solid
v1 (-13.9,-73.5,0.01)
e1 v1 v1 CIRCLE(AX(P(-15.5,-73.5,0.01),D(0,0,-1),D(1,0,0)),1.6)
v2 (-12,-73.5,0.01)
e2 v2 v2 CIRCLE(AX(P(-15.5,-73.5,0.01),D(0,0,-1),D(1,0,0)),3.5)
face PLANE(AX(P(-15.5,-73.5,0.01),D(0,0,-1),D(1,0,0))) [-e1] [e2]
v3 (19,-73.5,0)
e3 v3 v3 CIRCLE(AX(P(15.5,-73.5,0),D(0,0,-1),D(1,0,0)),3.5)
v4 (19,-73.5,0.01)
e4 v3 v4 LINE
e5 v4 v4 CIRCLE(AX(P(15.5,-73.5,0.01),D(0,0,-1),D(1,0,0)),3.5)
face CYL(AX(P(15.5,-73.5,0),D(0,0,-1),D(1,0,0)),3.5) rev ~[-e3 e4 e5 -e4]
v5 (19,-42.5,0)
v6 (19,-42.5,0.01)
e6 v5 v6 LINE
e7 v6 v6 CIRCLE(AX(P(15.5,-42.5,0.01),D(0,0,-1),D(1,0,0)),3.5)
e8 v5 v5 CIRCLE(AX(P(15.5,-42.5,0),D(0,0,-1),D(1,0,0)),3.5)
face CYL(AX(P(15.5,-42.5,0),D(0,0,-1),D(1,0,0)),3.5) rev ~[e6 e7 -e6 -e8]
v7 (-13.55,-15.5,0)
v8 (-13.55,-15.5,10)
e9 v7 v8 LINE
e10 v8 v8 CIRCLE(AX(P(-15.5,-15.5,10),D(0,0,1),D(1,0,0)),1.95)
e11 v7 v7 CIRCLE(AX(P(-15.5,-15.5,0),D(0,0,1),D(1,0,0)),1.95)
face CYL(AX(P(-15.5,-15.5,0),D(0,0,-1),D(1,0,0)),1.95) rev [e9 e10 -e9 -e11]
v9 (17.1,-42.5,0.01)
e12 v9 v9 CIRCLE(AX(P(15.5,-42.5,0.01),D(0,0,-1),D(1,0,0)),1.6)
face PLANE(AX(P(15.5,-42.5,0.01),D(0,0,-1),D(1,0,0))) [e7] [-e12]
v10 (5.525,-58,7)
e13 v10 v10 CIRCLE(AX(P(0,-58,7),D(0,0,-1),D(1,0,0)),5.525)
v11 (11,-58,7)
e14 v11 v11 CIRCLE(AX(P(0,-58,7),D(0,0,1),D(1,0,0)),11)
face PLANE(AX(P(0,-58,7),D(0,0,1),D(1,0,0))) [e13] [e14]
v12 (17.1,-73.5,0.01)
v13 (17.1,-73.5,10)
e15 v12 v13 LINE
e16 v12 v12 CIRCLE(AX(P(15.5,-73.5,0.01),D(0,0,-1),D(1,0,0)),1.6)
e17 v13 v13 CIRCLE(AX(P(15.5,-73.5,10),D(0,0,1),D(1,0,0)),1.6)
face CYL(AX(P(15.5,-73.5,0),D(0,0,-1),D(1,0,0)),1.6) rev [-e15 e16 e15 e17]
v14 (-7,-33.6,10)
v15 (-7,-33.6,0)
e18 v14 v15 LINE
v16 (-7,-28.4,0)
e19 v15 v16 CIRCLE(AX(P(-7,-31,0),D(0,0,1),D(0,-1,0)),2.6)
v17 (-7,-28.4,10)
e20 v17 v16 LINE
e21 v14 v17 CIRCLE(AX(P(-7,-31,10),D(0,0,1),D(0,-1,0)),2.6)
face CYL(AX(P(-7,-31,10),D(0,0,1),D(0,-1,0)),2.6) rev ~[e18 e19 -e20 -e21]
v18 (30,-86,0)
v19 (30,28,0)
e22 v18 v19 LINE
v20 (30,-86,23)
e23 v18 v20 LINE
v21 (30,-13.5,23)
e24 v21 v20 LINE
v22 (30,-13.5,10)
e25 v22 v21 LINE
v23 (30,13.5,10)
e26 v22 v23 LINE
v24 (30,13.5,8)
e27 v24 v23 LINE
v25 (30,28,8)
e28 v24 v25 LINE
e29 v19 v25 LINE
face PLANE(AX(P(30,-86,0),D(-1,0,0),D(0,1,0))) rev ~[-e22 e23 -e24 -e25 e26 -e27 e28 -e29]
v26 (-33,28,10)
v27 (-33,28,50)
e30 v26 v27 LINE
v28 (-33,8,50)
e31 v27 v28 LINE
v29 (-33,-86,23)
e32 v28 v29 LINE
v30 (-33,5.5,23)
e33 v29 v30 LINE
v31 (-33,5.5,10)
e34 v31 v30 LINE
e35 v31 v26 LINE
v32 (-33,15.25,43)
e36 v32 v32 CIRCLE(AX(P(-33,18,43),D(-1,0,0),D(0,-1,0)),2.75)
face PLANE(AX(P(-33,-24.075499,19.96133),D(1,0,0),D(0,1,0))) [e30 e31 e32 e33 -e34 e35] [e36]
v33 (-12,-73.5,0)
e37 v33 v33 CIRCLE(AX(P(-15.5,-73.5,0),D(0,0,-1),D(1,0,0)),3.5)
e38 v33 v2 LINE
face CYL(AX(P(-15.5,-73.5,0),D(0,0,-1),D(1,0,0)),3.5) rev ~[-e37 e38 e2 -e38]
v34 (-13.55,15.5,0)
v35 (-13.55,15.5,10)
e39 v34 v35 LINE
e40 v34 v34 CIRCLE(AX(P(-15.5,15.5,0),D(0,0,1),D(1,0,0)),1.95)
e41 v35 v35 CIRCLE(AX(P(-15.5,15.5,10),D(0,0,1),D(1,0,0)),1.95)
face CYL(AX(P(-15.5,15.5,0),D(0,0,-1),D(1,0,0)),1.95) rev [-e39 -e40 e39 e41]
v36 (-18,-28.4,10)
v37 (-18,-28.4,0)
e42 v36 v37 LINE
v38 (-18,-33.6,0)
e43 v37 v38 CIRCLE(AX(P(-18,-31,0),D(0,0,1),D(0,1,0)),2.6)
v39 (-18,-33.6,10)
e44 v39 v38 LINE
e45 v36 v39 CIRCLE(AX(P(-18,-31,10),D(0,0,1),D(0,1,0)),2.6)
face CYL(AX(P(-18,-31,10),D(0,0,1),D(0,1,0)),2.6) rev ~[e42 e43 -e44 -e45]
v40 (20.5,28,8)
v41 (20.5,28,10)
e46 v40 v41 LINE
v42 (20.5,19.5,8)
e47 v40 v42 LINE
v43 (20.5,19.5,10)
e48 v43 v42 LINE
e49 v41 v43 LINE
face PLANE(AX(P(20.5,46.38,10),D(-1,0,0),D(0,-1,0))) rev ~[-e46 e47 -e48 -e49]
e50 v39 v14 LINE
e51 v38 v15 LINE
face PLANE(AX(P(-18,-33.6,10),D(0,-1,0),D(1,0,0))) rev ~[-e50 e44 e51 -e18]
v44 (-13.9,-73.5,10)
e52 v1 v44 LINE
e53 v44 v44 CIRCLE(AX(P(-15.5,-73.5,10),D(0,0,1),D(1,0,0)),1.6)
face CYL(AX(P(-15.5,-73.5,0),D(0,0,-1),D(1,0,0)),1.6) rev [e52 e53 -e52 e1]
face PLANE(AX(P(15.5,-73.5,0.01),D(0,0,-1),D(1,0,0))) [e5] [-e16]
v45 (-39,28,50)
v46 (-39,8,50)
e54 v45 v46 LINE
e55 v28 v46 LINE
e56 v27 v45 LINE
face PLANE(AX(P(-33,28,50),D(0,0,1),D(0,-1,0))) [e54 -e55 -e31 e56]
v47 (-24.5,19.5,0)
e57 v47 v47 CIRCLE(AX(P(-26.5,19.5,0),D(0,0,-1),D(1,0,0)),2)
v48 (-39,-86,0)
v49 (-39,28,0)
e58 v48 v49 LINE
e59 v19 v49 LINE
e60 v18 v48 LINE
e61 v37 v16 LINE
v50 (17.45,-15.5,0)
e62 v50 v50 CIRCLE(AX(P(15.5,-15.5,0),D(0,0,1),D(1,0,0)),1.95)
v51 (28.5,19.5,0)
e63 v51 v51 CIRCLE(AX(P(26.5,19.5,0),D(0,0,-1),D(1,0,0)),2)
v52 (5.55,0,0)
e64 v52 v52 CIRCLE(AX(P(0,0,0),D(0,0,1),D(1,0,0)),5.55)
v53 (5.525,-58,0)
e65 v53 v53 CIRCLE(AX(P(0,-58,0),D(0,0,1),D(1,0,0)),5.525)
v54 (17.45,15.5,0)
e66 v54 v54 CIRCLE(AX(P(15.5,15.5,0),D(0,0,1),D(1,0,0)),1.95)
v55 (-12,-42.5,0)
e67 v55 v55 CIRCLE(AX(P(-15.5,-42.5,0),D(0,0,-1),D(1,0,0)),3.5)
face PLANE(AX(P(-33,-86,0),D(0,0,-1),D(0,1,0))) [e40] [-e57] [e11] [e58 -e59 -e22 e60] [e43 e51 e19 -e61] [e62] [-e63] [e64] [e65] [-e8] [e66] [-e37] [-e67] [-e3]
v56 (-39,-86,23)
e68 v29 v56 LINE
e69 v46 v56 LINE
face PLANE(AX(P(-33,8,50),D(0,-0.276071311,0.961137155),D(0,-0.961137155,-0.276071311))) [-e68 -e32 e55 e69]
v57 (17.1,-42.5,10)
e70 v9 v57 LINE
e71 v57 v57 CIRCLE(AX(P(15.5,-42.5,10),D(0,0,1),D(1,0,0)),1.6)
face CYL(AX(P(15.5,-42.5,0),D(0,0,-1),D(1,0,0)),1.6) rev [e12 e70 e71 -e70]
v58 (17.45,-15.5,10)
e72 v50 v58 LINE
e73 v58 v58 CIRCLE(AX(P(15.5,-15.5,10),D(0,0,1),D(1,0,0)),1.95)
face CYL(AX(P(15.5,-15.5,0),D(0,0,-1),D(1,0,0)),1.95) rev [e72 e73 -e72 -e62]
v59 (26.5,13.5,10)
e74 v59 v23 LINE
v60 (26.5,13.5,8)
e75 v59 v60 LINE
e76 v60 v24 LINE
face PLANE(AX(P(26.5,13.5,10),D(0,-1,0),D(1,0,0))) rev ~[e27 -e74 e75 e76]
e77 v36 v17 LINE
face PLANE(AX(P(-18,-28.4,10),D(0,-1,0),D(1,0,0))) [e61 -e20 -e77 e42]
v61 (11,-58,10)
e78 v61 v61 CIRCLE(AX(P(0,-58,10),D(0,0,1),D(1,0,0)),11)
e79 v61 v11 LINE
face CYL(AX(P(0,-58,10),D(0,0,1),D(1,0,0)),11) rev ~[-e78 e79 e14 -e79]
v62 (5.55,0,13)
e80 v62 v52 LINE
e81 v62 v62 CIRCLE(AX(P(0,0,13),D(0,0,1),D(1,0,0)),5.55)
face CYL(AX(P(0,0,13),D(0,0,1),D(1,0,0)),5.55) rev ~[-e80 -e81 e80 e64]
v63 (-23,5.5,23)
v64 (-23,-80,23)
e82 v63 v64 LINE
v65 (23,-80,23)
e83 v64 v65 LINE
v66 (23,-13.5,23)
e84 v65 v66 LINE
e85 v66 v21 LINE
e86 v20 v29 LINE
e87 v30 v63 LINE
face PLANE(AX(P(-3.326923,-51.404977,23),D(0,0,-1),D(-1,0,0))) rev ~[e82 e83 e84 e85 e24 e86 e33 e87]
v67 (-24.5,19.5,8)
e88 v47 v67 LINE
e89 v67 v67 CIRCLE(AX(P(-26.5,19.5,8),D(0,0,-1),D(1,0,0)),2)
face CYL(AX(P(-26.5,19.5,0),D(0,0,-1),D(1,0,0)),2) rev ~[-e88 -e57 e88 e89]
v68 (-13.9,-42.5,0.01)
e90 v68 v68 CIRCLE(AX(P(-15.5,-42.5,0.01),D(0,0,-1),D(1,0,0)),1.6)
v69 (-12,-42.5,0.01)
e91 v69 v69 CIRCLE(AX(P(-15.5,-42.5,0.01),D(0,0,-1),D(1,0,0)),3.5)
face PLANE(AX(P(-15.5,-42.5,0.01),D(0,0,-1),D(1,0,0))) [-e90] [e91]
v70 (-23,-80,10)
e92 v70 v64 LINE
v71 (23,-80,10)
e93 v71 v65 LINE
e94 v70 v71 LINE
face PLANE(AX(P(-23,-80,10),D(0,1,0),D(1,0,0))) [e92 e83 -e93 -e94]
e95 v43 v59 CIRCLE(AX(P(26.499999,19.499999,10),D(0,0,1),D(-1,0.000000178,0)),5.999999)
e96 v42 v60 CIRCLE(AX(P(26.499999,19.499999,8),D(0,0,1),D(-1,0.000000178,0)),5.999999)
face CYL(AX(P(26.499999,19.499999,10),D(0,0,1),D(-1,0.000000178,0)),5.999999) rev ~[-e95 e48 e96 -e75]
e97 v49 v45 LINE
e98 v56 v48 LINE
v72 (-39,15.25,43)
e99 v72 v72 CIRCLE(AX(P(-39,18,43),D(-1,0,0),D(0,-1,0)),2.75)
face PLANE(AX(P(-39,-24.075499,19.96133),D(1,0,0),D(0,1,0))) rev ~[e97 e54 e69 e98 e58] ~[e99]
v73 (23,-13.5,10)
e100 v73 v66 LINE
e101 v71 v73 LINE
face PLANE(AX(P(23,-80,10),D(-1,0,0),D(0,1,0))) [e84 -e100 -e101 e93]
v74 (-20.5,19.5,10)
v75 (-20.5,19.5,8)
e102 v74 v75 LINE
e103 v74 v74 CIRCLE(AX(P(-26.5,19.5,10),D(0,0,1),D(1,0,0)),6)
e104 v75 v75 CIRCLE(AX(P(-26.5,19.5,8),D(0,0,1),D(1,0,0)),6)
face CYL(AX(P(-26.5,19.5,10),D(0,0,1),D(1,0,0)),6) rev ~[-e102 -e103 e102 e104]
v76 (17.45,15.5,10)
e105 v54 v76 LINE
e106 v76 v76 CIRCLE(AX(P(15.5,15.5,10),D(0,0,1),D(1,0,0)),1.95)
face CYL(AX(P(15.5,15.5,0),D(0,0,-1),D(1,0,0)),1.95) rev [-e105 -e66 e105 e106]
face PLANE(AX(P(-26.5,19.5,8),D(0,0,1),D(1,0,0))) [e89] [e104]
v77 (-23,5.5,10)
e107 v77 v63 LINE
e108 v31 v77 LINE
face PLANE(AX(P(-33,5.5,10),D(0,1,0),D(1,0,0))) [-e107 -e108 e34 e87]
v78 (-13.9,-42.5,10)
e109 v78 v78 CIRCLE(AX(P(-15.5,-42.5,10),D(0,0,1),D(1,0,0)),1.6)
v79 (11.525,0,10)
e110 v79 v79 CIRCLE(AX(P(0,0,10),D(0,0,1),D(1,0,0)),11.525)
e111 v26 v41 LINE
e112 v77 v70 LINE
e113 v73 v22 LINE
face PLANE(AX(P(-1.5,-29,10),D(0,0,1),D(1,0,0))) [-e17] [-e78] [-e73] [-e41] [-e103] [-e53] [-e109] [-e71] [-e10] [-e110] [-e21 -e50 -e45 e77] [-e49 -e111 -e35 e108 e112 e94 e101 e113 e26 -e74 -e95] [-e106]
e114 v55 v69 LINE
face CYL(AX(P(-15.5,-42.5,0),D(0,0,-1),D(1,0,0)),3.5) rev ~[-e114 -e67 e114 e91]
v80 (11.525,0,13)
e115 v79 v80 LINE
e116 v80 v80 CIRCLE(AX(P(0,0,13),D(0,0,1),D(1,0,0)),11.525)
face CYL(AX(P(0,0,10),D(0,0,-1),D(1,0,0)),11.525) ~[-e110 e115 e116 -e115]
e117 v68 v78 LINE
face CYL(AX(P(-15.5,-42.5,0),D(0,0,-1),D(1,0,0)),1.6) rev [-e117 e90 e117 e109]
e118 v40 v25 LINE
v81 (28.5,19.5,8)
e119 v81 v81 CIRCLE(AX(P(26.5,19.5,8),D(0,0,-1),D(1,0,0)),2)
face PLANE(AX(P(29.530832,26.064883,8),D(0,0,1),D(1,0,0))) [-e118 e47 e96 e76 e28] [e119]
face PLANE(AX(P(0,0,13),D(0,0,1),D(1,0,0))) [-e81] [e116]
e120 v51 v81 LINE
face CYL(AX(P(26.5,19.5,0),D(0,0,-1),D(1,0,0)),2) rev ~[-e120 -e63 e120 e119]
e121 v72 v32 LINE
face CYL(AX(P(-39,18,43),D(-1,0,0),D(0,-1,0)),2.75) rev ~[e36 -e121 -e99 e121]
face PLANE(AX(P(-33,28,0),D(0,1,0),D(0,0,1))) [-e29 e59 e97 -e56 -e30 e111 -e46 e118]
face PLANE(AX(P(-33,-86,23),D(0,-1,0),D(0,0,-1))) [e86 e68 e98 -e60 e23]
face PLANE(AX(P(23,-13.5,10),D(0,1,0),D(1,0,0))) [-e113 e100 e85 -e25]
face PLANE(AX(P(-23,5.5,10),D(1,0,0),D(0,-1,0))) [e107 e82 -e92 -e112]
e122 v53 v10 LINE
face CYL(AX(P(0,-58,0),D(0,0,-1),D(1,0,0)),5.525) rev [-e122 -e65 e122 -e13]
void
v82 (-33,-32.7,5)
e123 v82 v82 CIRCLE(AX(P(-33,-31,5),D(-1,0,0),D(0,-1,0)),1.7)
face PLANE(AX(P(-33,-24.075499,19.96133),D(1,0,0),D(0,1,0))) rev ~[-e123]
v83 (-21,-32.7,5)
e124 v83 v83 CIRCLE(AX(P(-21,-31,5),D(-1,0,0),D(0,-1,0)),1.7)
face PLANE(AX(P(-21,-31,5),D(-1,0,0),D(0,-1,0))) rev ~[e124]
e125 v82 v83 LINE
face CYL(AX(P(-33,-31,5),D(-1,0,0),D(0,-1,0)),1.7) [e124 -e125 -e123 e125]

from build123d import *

# Parameters (mm, degrees)
SKETCH_W        = 63
SKETCH_H        = 114
SKETCH_R        = 1.95
SKETCH_R_2      = 5.525
SKETCH_R_3      = 1.6
PAD_DEPTH       = 10
SKETCH004_R     = 11.525
PAD001_DEPTH    = 3
SKETCH003_R     = 5.55
POCKET_DEPTH    = 13.001
SKETCH006_R     = 11
POCKET001_DEPTH = 3
SKETCH007_R     = 3.5
POCKET002_DEPTH = 0.01
POCKET003_DEPTH = 10.001
SKETCH009_R     = 1.7
POCKET004_DEPTH = 12
PAD002_DEPTH    = 13
PAD003_DEPTH    = 6
SKETCH023_R     = 2.75
POCKET005_DEPTH = 9
SKETCH025_R     = 2
POCKET006_DEPTH = 16
SKETCH026_R     = 6
POCKET007_DEPTH = 2


with BuildPart() as part:
    # Sketch → Pad (new body)
    with BuildSketch(Plane.XY):
        with Locations((-1.5, -29)):
            Rectangle(SKETCH_W, SKETCH_H)
        with Locations((-15.5, 15.5)):
            Circle(SKETCH_R, mode=Mode.SUBTRACT)
        with Locations((15.5, 15.5)):
            Circle(SKETCH_R, mode=Mode.SUBTRACT)
        with Locations((-15.5, -15.5)):
            Circle(SKETCH_R, mode=Mode.SUBTRACT)
        with Locations((15.5, -15.5)):
            Circle(SKETCH_R, mode=Mode.SUBTRACT)
        with Locations((0, -58)):
            Circle(SKETCH_R_2, mode=Mode.SUBTRACT)
        with Locations((-15.5, -42.5)):
            Circle(SKETCH_R_3, mode=Mode.SUBTRACT)
        with Locations((15.5, -42.5)):
            Circle(SKETCH_R_3, mode=Mode.SUBTRACT)
        with Locations((-15.5, -73.5)):
            Circle(SKETCH_R_3, mode=Mode.SUBTRACT)
        with Locations((15.5, -73.5)):
            Circle(SKETCH_R_3, mode=Mode.SUBTRACT)
    extrude(amount=PAD_DEPTH)

    # Sketch004 (on Face15 of Pad) → Pad001 (join)
    with BuildSketch(Plane.XY.offset(10)):
        Circle(SKETCH004_R)
    extrude(amount=PAD001_DEPTH)

    # Sketch003 (on Face17 of Pad001) → Pocket (cut, through all)
    with BuildSketch(Plane.XY.offset(13)):
        Circle(SKETCH003_R)
    extrude(amount=-POCKET_DEPTH, mode=Mode.SUBTRACT)

    # Sketch006 (on Face5 of Pocket) → Pocket001 (cut)
    with BuildSketch(Plane.XY.offset(10)):
        with Locations((0, -58)):
            Circle(SKETCH006_R)
    extrude(amount=-POCKET001_DEPTH, mode=Mode.SUBTRACT)

    # Sketch007 (on Face4 of Pocket001) → Pocket002 (cut)
    with BuildSketch(Plane(origin=(0, 0, 0), x_dir=(1, 0, 0), z_dir=(0, 0, -1))):
        with Locations((-15.5, 73.5)):
            Circle(SKETCH007_R)
        with Locations((15.5, 73.5)):
            Circle(SKETCH007_R)
        with Locations((15.5, 42.5)):
            Circle(SKETCH007_R)
        with Locations((-15.5, 42.5)):
            Circle(SKETCH007_R)
    extrude(amount=-POCKET002_DEPTH, mode=Mode.SUBTRACT)

    # Sketch008 (on Face5 of Pocket002) → Pocket003 (cut, through all)
    with BuildSketch(Plane.XY.offset(10)):
        with BuildLine():
            ThreePointArc((-18, -28.4), (-20.6, -31), (-18, -33.6))
            Line((-18, -33.6), (-7, -33.6))
            ThreePointArc((-7, -33.6), (-4.4, -31), (-7, -28.4))
            Line((-18, -28.4), (-7, -28.4))
        make_face()
    extrude(amount=-POCKET003_DEPTH, mode=Mode.SUBTRACT)

    # Sketch009 (on Face2 of Pocket003) → Pocket004 (cut)
    with BuildSketch(Plane(origin=(-33, 0, 0), x_dir=(0, -1, 0), z_dir=(-1, 0, 0))):
        with Locations((31, 5)):
            Circle(SKETCH009_R)
    extrude(amount=-POCKET004_DEPTH, mode=Mode.SUBTRACT)

    # Sketch014 (on Face5 of Pocket004) → Pad002 (join)
    with BuildSketch(Plane.XY.offset(10)):
        Polygon((-33, 5.5), (-23, 5.5), (-23, -80), (23, -80), (23, -13.5), (30, -13.5), (30, -86), (-33, -86), align=None)
    extrude(amount=PAD002_DEPTH)

    # Sketch022 (on Face2 of Pad002) → Pad003 (join)
    with BuildSketch(Plane(origin=(-33, 0, 0), x_dir=(0, -1, 0), z_dir=(-1, 0, 0))):
        Polygon((-28, 0), (-28, 50), (-8, 50), (86, 23), (86, 0), align=None)
    extrude(amount=PAD003_DEPTH)

    # Sketch023 (on Face9 of Pad003) → Pocket005 (cut)
    with BuildSketch(Plane(origin=(-39, 0, 0), x_dir=(0, -1, 0), z_dir=(-1, 0, 0))):
        with Locations((-18, 43)):
            Circle(SKETCH023_R)
    extrude(amount=-POCKET005_DEPTH, mode=Mode.SUBTRACT)

    # Sketch025 (on Face4 of Pocket005) → Pocket006 (cut)
    with BuildSketch(Plane(origin=(0, 0, 0), x_dir=(1, 0, 0), z_dir=(0, 0, -1))):
        with Locations((26.5, -19.5)):
            Circle(SKETCH025_R)
        with Locations((-26.5, -19.5)):
            Circle(SKETCH025_R)
    extrude(amount=-POCKET006_DEPTH, mode=Mode.SUBTRACT)

    # Sketch026 (on Face5 of Pocket006) → Pocket007 (cut)
    with BuildSketch(Plane.XY.offset(10)):
        with Locations((-26.5, 19.5)):
            Circle(SKETCH026_R)
        with BuildLine():
            ThreePointArc((20.5, 19.5), (22.257359, 15.257359), (26.5, 13.5))
            Line((26.5, 13.5), (46.5, 13.5))
            Line((20.5, 46.38), (46.5, 13.5))
            Line((20.5, 46.38), (20.5, 19.5))
        make_face()
    extrude(amount=-POCKET007_DEPTH, mode=Mode.SUBTRACT)


solid = part.part
